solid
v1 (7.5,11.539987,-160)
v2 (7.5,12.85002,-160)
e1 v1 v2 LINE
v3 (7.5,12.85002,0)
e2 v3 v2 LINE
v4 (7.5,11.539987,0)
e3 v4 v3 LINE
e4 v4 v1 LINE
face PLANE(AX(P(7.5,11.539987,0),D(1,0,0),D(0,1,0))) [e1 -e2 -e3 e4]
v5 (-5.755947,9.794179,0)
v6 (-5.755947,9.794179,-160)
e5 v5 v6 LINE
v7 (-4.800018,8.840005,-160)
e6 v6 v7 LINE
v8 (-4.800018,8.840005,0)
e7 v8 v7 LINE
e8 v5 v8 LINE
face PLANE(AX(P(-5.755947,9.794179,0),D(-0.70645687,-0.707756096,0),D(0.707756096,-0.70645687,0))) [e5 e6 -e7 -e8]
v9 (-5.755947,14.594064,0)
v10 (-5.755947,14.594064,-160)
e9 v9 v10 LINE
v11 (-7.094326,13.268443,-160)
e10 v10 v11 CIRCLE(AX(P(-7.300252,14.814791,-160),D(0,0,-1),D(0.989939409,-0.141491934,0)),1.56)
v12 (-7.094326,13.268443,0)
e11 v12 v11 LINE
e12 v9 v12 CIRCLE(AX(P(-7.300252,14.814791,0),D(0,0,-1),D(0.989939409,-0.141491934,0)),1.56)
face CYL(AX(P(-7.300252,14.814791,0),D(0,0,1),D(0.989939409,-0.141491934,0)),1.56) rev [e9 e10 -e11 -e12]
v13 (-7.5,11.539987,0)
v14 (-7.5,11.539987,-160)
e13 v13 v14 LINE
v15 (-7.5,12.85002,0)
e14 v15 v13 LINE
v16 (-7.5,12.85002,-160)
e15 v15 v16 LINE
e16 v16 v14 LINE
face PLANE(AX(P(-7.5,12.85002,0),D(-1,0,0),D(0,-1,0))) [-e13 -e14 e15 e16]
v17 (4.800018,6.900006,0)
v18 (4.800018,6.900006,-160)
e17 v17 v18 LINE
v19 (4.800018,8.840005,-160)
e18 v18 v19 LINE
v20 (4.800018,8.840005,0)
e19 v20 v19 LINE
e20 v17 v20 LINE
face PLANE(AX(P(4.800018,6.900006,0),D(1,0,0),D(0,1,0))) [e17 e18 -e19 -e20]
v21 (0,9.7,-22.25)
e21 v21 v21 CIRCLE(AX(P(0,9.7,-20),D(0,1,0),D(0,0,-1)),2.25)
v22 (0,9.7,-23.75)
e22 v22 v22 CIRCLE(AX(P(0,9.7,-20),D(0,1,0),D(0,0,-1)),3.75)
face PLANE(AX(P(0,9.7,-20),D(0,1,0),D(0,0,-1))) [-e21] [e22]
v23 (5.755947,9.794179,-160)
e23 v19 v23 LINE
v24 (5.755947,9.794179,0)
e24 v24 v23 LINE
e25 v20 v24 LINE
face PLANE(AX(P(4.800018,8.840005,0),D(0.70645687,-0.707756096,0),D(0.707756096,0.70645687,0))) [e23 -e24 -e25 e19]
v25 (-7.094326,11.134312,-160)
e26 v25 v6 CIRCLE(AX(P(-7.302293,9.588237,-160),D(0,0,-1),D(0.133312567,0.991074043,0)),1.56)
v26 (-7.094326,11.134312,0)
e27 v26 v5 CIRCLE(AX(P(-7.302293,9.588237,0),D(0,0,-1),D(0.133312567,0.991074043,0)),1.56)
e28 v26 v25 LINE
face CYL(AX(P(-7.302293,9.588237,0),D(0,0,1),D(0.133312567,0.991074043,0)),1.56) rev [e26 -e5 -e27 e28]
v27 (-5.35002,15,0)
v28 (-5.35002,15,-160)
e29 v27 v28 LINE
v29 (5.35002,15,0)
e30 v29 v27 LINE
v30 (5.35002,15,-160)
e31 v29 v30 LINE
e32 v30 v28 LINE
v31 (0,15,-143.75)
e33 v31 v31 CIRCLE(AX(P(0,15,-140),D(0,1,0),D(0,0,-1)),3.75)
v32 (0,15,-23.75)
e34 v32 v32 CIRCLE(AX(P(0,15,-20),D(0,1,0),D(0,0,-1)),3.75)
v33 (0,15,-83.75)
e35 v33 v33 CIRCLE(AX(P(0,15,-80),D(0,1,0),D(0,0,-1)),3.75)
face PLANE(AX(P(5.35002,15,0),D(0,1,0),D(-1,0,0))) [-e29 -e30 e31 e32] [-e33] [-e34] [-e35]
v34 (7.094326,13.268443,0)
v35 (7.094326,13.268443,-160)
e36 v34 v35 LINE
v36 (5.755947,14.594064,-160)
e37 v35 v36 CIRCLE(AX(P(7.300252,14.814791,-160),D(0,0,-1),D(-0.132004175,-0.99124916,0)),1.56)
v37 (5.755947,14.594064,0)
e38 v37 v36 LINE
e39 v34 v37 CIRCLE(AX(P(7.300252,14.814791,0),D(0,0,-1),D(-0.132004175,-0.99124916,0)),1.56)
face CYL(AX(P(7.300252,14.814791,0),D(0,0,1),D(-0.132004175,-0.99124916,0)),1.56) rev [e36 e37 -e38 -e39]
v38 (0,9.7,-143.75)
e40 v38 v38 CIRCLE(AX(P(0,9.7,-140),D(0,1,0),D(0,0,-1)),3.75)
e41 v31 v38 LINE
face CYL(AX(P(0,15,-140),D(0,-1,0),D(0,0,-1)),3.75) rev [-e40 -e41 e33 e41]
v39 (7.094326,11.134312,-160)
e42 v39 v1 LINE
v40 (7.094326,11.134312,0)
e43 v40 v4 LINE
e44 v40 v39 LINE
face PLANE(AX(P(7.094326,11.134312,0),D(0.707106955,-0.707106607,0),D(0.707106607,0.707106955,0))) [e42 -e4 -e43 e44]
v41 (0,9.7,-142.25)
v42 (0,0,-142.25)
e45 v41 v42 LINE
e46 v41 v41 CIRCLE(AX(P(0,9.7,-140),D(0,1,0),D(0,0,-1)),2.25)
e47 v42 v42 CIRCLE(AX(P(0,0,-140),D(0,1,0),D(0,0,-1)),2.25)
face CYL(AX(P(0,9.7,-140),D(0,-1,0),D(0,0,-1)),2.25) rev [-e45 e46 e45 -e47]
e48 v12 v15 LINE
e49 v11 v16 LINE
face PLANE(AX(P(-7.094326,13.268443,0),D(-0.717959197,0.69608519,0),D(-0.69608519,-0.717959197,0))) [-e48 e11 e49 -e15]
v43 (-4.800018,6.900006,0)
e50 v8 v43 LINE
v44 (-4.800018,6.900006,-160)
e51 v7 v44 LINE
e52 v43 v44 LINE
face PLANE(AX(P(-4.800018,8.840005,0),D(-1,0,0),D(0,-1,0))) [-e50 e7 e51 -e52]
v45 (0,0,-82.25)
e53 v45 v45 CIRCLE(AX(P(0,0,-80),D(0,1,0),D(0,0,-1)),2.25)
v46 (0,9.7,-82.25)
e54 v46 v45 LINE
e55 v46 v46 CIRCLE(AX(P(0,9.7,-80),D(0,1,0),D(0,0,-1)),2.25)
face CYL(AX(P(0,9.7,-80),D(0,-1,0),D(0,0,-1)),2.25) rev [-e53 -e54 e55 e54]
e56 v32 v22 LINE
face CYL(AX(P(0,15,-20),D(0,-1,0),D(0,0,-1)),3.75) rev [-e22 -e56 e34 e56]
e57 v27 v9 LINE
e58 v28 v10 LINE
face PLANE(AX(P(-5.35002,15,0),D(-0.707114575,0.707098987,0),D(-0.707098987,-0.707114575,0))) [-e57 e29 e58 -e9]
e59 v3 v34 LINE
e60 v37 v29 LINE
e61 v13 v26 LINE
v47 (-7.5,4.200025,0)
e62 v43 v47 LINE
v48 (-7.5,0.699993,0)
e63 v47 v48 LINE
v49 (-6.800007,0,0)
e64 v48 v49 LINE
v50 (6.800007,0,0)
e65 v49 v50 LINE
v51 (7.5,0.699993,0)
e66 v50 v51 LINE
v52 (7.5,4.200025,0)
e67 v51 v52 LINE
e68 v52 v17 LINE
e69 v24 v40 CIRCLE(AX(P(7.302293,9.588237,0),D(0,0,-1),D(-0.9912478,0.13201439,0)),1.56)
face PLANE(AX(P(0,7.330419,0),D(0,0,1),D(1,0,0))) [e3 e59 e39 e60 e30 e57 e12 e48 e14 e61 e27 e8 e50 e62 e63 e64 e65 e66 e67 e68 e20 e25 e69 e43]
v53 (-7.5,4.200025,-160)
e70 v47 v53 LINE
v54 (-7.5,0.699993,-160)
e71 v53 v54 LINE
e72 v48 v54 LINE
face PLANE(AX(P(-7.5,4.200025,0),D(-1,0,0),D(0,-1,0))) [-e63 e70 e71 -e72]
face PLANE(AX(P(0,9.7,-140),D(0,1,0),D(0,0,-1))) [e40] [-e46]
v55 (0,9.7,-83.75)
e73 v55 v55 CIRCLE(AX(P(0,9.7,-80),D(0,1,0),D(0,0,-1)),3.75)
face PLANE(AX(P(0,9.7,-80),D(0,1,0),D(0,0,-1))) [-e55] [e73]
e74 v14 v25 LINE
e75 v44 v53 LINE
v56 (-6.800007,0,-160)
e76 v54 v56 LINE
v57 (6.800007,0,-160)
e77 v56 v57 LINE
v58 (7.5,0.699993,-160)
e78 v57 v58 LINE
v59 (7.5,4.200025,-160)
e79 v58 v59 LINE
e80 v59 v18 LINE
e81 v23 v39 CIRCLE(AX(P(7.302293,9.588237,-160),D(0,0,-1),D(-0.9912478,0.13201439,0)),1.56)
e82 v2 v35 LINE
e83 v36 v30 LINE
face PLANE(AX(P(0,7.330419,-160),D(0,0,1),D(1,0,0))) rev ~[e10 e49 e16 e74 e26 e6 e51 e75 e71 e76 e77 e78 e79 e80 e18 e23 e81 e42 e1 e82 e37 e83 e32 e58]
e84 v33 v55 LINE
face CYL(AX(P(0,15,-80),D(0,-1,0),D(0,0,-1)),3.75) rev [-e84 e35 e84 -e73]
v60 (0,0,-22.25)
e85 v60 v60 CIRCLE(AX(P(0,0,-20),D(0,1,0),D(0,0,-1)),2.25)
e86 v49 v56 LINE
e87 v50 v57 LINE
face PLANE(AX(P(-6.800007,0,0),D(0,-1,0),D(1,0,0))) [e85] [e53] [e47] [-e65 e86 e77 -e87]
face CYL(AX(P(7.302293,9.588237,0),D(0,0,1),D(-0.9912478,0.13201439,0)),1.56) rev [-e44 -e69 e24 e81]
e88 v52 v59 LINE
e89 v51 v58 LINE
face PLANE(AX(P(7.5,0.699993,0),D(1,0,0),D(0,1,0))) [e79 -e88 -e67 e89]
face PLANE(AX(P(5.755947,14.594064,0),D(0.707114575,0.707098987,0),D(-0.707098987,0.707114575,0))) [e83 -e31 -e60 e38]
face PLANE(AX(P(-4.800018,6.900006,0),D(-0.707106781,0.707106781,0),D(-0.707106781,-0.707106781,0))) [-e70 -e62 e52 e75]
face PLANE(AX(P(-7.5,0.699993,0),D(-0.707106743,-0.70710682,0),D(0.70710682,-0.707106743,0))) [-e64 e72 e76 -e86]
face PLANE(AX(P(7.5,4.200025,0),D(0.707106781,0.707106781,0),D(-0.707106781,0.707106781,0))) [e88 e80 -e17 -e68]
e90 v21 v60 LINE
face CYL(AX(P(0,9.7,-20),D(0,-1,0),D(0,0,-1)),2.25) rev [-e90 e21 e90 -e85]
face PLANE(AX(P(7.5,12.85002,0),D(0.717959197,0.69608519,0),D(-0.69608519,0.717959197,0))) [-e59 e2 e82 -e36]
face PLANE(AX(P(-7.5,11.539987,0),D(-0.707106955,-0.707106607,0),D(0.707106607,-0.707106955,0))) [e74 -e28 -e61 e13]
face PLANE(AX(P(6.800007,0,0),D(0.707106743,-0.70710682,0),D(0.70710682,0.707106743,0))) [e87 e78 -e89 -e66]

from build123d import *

# Parameters (mm, degrees)
EXTRUDE1_DEPTH  = 160
LPATTERN1_COUNT = 3
LPATTERN1_PITCH = 60


with BuildPart() as part:
    # Sketch1 → Extrude1 (new body)
    with BuildSketch(Plane(origin=(-20, 0, 0), x_dir=(1, 0, 0), z_dir=(0, 0, 1))):
        with BuildLine():
            Line((12.5, 0.69999271), (13.199992786, 0))
            Line((13.199992786, 0), (26.800007214, 0))
            Line((26.800007214, 0), (27.5, 0.69999271))
            Line((27.5, 0.69999271), (27.5, 4.2000246))
            Line((27.5, 4.2000246), (24.8000183, 6.9000063))
            Line((24.8000183, 6.9000063), (24.8000183, 8.8400054))
            Line((24.8000183, 8.8400054), (25.755946813, 9.794179118))
            ThreePointArc((25.755946813, 9.794179118), (26.198484624, 10.690600567), (27.09432569, 11.13431209))
            Line((27.09432569, 11.13431209), (27.5, 11.5399866))
            Line((27.5, 11.5399866), (27.5, 12.8500204))
            Line((27.5, 12.8500204), (27.09432569, 13.268442751))
            ThreePointArc((27.09432569, 13.268442751), (26.202460867, 13.706434947), (25.755946813, 14.594063938))
            Line((25.755946813, 14.594063938), (25.3500197, 15))
            Line((25.3500197, 15), (14.6499803, 15))
            Line((14.6499803, 15), (14.244053187, 14.594063938))
            ThreePointArc((14.244053187, 14.594063938), (13.797539133, 13.706434947), (12.90567431, 13.268442751))
            Line((12.90567431, 13.268442751), (12.5, 12.8500204))
            Line((12.5, 12.8500204), (12.5, 11.5399866))
            Line((12.5, 11.5399866), (12.90567431, 11.13431209))
            ThreePointArc((12.90567431, 11.13431209), (13.801515376, 10.690600567), (14.244053187, 9.794179118))
            Line((14.244053187, 9.794179118), (15.1999817, 8.8400054))
            Line((15.1999817, 8.8400054), (15.1999817, 6.9000063))
            Line((15.1999817, 6.9000063), (12.5, 4.2000246))
            Line((12.5, 4.2000246), (12.5, 0.69999271))
        make_face()
    extrude(amount=-EXTRUDE1_DEPTH)

    # Sketch2 → Cut-Revolve1 (revolve, cut)
    with BuildSketch(Plane(origin=(0, 0, 0), x_dir=(0, 0, -1), z_dir=(1, 0, 0))):
        Polygon((20, 15), (23.75, 15), (23.75, 9.7), (22.25, 9.7), (22.25, 0), (20, 0), align=None)
    cut_revolve1 = revolve(axis=Axis((0, 0, -20), (0, 1, 0)), mode=Mode.SUBTRACT)

    # LPattern1: Cut-Revolve1 ×3
    with Locations(*[(0, 0, -i * LPATTERN1_PITCH) for i in range(1, LPATTERN1_COUNT)]):
        add(cut_revolve1, mode=Mode.SUBTRACT)


solid = part.part
